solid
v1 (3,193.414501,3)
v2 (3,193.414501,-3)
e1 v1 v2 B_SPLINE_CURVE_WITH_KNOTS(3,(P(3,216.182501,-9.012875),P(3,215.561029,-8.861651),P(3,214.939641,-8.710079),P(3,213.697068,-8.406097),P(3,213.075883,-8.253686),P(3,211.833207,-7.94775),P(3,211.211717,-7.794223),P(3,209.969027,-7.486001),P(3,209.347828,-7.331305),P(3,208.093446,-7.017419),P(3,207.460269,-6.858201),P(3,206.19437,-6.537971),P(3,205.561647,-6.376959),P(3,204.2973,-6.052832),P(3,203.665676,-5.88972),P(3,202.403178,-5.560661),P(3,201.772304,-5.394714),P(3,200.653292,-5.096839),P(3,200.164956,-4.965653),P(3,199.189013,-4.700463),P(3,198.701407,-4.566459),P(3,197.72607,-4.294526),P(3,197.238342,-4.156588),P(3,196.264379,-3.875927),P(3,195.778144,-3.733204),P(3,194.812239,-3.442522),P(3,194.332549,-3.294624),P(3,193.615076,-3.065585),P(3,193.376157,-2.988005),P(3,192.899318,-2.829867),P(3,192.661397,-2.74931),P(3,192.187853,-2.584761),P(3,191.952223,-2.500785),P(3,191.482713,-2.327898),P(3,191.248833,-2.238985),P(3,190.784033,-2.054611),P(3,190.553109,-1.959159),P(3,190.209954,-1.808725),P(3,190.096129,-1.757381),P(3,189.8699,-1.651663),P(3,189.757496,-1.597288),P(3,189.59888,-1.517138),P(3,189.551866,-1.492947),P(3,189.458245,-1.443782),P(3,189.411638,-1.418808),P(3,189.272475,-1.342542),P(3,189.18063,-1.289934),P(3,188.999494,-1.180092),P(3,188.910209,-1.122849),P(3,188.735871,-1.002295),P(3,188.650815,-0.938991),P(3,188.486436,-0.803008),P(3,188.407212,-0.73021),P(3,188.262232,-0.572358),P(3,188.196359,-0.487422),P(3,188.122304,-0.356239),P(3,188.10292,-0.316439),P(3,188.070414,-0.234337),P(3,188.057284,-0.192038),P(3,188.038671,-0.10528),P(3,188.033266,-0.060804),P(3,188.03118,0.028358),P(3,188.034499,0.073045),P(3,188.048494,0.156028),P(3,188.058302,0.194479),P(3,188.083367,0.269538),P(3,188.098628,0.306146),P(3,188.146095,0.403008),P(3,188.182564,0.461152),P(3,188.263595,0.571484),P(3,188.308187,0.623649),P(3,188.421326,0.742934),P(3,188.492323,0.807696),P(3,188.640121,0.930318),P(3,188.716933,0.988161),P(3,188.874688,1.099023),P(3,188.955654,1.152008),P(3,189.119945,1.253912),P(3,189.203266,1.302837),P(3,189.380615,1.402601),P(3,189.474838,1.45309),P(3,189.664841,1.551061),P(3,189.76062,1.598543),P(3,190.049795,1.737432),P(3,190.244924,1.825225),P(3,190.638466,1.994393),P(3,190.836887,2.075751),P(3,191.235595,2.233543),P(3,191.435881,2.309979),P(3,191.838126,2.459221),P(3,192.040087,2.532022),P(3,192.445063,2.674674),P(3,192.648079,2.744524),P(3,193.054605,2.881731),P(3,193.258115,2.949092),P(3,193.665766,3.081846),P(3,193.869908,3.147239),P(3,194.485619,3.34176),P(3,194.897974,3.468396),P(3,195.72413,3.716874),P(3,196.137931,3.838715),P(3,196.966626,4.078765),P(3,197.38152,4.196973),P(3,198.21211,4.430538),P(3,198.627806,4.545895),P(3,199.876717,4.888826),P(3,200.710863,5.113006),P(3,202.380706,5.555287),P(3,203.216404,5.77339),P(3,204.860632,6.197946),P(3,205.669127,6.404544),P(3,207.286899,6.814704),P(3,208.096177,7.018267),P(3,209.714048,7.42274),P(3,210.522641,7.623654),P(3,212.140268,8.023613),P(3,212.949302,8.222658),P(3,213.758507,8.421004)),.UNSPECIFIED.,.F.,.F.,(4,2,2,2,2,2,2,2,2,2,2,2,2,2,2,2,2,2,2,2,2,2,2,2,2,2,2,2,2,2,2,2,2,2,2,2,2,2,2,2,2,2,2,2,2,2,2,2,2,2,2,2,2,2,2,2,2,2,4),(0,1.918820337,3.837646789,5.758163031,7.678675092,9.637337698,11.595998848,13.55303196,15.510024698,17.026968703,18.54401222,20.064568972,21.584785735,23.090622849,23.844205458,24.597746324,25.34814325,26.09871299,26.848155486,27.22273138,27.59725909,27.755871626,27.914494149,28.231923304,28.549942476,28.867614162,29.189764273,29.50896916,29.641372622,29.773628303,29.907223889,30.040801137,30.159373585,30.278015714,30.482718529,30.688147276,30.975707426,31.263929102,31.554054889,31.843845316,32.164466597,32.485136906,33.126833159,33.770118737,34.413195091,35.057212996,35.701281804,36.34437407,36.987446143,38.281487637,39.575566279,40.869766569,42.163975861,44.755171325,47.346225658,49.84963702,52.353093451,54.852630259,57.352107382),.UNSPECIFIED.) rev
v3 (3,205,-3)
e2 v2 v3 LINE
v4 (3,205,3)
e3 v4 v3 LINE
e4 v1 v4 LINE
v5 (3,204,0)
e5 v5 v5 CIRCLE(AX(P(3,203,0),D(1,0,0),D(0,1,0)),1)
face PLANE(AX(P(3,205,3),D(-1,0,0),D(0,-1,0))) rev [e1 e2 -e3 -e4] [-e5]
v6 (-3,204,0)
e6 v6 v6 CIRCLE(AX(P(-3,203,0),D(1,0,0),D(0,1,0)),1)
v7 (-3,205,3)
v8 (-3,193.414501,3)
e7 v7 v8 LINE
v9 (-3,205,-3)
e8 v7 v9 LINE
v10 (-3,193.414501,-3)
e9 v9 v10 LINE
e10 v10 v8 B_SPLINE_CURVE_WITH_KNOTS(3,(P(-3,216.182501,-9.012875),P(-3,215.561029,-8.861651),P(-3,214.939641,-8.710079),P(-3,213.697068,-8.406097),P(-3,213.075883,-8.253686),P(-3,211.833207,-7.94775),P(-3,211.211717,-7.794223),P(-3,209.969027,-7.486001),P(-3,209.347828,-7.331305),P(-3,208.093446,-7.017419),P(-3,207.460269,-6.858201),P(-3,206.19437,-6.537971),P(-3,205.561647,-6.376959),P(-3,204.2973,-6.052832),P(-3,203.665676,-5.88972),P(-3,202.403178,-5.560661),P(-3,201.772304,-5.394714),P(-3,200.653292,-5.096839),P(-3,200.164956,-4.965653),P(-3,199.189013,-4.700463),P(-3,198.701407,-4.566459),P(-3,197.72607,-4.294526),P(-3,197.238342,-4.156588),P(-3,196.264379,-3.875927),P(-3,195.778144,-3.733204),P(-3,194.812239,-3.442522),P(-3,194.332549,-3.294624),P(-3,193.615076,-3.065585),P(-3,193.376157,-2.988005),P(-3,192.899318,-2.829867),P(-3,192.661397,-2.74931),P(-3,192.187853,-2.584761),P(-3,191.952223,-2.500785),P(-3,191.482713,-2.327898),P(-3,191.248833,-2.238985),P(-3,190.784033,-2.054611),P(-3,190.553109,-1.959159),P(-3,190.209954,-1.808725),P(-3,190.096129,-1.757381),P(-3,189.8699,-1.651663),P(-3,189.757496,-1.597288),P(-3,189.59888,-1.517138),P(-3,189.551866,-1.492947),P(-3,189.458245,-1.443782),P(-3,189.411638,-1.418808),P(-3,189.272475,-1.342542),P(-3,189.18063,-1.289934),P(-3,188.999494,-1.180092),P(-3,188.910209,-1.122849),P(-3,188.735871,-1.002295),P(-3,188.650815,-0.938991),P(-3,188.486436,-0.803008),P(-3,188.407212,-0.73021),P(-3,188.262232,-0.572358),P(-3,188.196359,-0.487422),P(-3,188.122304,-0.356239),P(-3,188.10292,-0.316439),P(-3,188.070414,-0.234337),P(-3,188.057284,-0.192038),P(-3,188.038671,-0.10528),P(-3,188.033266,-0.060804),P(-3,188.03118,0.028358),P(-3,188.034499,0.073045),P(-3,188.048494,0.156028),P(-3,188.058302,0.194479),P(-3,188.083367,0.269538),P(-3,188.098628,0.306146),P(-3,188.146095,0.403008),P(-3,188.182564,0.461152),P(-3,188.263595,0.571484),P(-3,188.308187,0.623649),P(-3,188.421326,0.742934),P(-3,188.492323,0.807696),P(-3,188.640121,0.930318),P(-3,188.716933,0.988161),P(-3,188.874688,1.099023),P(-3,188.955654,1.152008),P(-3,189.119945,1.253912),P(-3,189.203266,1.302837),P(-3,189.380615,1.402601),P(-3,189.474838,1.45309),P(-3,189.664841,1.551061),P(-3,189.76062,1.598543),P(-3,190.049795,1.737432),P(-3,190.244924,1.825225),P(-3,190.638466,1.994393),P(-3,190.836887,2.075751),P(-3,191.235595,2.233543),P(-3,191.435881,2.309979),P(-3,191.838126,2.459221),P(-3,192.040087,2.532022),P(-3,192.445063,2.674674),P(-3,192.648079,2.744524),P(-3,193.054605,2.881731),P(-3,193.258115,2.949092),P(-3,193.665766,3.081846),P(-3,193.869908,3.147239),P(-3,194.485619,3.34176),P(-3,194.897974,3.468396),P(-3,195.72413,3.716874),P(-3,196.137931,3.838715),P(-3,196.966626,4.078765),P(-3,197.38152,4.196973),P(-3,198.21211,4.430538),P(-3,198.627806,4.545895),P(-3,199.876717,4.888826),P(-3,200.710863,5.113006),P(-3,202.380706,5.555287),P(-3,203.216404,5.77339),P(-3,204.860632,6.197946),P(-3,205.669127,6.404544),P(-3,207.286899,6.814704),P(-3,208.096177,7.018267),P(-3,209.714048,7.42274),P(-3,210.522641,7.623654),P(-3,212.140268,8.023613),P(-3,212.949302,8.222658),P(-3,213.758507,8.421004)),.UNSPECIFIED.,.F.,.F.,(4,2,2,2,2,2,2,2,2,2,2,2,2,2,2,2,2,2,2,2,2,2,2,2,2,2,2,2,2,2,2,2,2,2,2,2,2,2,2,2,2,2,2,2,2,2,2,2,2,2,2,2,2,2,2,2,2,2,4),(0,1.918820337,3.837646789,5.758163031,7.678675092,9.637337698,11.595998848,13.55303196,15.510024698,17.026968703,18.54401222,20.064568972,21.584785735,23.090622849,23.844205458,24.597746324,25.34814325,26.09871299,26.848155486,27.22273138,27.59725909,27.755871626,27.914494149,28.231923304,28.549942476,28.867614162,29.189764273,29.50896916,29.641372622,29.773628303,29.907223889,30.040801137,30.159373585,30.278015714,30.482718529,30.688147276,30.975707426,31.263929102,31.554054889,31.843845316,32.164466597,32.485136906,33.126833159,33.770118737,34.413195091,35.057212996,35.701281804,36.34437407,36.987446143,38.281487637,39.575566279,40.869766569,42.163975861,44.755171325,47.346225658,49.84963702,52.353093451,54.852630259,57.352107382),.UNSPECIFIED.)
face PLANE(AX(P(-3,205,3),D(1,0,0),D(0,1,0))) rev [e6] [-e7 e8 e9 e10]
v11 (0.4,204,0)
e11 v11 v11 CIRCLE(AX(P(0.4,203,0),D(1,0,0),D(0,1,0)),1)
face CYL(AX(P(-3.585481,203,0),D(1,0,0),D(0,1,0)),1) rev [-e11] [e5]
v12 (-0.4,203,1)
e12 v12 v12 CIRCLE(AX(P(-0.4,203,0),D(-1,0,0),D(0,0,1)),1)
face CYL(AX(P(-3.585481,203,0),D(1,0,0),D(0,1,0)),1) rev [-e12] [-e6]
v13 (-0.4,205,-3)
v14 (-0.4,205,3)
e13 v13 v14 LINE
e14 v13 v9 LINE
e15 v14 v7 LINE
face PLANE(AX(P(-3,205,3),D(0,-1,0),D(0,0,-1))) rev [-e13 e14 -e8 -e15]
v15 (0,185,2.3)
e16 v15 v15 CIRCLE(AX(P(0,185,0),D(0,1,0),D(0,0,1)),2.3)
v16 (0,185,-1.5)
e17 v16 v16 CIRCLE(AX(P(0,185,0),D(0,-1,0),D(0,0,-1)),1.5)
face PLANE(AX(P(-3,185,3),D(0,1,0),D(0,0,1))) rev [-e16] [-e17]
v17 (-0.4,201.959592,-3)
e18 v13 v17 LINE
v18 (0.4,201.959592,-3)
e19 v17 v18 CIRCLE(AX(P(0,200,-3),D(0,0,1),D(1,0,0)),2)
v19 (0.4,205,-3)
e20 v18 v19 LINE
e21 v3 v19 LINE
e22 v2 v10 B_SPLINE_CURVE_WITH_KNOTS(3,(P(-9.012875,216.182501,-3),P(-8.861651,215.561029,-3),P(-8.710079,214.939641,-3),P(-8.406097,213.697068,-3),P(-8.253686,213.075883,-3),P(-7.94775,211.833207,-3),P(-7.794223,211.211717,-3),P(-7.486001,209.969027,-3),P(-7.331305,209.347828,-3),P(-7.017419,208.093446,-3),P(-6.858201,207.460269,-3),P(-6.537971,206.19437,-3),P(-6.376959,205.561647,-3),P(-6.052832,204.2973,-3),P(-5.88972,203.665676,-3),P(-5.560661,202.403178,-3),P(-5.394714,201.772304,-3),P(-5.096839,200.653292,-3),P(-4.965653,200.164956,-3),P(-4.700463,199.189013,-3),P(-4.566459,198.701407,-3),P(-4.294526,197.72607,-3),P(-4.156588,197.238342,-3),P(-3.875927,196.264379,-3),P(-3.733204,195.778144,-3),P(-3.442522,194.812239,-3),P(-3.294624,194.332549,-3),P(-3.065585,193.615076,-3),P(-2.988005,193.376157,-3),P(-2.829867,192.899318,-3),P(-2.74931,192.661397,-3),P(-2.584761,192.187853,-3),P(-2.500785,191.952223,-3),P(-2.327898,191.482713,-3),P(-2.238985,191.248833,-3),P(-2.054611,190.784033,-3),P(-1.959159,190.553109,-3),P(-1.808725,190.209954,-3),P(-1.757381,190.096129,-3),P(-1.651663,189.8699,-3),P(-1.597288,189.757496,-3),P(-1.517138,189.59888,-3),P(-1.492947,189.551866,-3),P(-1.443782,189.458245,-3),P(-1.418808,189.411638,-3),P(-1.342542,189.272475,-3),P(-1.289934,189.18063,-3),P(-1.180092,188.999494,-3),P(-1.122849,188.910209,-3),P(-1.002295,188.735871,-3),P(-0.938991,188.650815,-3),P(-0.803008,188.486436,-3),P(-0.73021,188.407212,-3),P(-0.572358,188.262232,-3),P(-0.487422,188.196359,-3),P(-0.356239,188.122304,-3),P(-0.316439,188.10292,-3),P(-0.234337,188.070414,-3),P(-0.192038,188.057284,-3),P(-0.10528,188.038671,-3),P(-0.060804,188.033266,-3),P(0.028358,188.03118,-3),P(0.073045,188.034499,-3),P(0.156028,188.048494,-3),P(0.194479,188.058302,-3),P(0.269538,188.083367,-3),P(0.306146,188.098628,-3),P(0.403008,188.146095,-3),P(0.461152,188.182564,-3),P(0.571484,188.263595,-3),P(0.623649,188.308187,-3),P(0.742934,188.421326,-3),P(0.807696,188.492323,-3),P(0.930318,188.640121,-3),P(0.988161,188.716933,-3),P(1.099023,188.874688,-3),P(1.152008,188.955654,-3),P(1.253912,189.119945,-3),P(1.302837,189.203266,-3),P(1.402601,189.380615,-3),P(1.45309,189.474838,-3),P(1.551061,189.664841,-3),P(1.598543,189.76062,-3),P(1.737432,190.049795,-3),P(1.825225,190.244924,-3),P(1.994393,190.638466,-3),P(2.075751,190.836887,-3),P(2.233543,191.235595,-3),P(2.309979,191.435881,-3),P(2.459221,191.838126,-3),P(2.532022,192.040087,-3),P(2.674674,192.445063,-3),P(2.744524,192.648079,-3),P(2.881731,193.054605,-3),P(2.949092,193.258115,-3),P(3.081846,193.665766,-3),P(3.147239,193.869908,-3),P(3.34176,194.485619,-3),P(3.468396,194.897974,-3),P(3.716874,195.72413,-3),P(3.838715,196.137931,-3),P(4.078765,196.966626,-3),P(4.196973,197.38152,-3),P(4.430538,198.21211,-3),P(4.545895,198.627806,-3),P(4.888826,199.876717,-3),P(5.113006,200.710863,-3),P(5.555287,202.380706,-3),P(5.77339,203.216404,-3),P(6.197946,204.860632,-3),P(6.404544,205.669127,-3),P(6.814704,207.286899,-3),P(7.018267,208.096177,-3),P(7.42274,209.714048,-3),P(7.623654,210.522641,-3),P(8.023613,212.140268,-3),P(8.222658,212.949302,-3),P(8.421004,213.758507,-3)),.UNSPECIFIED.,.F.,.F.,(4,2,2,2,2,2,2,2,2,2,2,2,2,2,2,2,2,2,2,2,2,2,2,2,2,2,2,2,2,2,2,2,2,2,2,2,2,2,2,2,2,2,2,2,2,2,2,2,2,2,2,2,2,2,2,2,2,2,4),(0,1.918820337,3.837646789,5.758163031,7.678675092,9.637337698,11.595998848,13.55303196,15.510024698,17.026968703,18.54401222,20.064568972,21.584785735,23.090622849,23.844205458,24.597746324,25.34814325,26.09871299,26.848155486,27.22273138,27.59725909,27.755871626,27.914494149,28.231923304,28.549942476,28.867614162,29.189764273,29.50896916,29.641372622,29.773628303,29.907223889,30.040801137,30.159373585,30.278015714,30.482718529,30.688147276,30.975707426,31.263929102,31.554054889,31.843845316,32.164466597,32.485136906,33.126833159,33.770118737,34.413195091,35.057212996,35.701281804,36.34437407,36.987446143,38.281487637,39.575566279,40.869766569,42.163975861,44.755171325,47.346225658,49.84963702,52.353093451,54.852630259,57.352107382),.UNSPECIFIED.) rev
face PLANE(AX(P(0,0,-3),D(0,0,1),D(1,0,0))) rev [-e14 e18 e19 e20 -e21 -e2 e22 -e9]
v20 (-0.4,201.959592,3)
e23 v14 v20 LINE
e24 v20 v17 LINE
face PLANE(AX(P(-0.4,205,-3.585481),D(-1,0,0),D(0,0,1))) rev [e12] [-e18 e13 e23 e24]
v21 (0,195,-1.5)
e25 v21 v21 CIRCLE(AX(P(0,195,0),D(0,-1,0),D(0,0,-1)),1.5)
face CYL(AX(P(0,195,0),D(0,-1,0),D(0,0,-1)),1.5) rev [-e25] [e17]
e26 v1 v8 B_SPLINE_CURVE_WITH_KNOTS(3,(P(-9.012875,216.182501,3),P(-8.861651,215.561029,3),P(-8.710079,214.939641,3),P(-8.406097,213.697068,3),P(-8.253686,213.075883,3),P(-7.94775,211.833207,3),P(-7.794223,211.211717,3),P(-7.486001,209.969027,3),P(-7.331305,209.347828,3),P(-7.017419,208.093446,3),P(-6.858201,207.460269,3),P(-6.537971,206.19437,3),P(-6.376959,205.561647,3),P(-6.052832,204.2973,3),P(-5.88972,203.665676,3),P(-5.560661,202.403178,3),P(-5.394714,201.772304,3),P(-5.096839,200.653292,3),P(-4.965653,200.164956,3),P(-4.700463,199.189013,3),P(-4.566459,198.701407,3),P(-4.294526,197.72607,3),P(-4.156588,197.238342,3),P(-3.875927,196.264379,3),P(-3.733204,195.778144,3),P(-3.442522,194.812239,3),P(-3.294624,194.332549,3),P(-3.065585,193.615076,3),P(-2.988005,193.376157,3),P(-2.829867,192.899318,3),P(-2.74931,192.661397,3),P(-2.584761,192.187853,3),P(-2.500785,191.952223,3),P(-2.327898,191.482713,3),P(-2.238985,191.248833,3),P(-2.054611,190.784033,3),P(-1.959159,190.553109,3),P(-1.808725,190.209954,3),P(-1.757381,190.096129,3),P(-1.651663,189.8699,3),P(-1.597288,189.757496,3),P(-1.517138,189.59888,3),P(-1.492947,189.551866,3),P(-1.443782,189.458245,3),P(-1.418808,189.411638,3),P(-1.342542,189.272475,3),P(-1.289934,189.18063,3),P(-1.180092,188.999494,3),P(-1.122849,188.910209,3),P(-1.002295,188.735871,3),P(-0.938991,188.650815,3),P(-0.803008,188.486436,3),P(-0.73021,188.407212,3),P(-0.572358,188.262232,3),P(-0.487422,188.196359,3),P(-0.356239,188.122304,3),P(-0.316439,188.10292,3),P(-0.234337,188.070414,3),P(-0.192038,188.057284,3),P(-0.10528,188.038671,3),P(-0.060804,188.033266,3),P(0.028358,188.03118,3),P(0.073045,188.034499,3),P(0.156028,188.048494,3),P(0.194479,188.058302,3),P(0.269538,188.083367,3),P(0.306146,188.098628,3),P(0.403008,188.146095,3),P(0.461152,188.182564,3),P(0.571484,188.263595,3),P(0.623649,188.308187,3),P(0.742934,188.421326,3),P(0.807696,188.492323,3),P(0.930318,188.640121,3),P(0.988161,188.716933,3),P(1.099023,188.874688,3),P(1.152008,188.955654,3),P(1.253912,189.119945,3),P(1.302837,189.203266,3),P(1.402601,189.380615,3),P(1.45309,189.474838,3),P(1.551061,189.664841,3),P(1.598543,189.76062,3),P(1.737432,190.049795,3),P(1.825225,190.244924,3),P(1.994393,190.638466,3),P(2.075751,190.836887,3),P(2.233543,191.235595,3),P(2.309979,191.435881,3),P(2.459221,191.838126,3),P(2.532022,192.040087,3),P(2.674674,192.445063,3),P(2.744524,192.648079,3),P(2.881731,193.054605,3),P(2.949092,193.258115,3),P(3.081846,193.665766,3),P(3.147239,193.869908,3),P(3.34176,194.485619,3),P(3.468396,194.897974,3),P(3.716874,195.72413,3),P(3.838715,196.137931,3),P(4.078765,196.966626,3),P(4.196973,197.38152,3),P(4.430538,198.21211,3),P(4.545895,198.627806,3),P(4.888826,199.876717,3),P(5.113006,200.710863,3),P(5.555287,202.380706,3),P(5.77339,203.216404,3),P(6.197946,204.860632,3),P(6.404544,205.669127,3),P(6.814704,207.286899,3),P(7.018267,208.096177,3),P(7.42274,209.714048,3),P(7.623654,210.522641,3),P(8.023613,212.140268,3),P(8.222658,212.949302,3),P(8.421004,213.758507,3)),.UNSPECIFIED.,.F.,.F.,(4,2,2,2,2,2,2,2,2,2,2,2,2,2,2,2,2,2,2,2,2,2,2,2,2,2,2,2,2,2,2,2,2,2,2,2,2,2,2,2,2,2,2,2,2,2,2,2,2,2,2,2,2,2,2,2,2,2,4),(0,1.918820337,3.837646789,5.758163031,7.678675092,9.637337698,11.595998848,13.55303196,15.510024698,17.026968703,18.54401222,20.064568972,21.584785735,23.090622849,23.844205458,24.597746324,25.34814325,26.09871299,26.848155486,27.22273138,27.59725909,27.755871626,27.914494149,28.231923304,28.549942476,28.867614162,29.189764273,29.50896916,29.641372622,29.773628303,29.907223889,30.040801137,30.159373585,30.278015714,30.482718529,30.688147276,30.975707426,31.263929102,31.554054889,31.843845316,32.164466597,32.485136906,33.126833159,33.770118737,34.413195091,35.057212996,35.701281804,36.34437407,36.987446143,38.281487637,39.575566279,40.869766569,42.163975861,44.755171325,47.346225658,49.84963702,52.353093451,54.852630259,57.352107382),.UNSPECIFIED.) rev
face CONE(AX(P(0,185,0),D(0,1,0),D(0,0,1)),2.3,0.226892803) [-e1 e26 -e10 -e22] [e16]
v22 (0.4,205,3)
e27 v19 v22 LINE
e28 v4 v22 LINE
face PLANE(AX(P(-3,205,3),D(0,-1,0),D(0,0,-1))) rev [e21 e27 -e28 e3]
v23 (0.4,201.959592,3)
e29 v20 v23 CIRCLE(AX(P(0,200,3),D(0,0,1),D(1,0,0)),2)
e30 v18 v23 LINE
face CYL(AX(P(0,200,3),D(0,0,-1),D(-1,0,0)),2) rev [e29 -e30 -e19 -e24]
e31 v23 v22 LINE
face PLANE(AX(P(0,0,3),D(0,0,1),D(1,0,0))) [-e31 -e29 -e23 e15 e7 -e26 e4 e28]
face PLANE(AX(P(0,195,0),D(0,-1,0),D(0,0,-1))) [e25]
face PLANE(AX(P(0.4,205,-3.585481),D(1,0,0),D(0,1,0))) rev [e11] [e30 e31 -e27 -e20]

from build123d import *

# Parameters (mm, degrees)
SKETCH1_W           = 6
SKETCH1_H           = 20
SKETCH1_R           = 2
BOSS_EXTRUDE1_DEPTH = 3
SKETCH4_R           = 1.5
CUT_EXTRUDE1_DEPTH  = 10
SKETCH5_W           = 0.8
SKETCH5_H           = 4.49496607
CUT_EXTRUDE2_DEPTH  = 7
SKETCH6_R           = 1
CUT_EXTRUDE3_DEPTH  = 7


with BuildPart() as part:
    # Sketch1 → Boss-Extrude1 (new body, symmetric)
    with BuildSketch(Plane.XY):
        with Locations((0, 195)):
            Rectangle(SKETCH1_W, SKETCH1_H)
        with Locations((0, 200)):
            Circle(SKETCH1_R, mode=Mode.SUBTRACT)
    extrude(amount=BOSS_EXTRUDE1_DEPTH, both=True)

    # Sketch3 → Cut-Revolve3 (revolve, cut)
    with BuildSketch(Plane.XY):
        Polygon((-3, 185), (-2.3, 185), (-3, 188.032033112), (-6.917363823, 205), (-6.917363823, 185), align=None)
    revolve(axis=Axis((0, 200, 0), (0, -1, 0)), mode=Mode.SUBTRACT)

    # Sketch4 → Cut-Extrude1 (cut)
    with BuildSketch(Plane.XZ.offset(-185)):
        Circle(SKETCH4_R)
    extrude(amount=-CUT_EXTRUDE1_DEPTH, mode=Mode.SUBTRACT)

    # Sketch5 → Cut-Extrude2 (cut, through all)
    with BuildSketch(Plane.XY.offset(3)):
        with Locations((0, 202.752516965)):
            Rectangle(SKETCH5_W, SKETCH5_H)
    extrude(amount=-CUT_EXTRUDE2_DEPTH, mode=Mode.SUBTRACT)

    # Sketch6 → Cut-Extrude3 (cut, through all)
    with BuildSketch(Plane(origin=(3, 0, 0), x_dir=(0, 0, -1), z_dir=(1, 0, 0))):
        with Locations((0, 203)):
            Circle(SKETCH6_R)
    extrude(amount=-CUT_EXTRUDE3_DEPTH, mode=Mode.SUBTRACT)


solid = part.part
